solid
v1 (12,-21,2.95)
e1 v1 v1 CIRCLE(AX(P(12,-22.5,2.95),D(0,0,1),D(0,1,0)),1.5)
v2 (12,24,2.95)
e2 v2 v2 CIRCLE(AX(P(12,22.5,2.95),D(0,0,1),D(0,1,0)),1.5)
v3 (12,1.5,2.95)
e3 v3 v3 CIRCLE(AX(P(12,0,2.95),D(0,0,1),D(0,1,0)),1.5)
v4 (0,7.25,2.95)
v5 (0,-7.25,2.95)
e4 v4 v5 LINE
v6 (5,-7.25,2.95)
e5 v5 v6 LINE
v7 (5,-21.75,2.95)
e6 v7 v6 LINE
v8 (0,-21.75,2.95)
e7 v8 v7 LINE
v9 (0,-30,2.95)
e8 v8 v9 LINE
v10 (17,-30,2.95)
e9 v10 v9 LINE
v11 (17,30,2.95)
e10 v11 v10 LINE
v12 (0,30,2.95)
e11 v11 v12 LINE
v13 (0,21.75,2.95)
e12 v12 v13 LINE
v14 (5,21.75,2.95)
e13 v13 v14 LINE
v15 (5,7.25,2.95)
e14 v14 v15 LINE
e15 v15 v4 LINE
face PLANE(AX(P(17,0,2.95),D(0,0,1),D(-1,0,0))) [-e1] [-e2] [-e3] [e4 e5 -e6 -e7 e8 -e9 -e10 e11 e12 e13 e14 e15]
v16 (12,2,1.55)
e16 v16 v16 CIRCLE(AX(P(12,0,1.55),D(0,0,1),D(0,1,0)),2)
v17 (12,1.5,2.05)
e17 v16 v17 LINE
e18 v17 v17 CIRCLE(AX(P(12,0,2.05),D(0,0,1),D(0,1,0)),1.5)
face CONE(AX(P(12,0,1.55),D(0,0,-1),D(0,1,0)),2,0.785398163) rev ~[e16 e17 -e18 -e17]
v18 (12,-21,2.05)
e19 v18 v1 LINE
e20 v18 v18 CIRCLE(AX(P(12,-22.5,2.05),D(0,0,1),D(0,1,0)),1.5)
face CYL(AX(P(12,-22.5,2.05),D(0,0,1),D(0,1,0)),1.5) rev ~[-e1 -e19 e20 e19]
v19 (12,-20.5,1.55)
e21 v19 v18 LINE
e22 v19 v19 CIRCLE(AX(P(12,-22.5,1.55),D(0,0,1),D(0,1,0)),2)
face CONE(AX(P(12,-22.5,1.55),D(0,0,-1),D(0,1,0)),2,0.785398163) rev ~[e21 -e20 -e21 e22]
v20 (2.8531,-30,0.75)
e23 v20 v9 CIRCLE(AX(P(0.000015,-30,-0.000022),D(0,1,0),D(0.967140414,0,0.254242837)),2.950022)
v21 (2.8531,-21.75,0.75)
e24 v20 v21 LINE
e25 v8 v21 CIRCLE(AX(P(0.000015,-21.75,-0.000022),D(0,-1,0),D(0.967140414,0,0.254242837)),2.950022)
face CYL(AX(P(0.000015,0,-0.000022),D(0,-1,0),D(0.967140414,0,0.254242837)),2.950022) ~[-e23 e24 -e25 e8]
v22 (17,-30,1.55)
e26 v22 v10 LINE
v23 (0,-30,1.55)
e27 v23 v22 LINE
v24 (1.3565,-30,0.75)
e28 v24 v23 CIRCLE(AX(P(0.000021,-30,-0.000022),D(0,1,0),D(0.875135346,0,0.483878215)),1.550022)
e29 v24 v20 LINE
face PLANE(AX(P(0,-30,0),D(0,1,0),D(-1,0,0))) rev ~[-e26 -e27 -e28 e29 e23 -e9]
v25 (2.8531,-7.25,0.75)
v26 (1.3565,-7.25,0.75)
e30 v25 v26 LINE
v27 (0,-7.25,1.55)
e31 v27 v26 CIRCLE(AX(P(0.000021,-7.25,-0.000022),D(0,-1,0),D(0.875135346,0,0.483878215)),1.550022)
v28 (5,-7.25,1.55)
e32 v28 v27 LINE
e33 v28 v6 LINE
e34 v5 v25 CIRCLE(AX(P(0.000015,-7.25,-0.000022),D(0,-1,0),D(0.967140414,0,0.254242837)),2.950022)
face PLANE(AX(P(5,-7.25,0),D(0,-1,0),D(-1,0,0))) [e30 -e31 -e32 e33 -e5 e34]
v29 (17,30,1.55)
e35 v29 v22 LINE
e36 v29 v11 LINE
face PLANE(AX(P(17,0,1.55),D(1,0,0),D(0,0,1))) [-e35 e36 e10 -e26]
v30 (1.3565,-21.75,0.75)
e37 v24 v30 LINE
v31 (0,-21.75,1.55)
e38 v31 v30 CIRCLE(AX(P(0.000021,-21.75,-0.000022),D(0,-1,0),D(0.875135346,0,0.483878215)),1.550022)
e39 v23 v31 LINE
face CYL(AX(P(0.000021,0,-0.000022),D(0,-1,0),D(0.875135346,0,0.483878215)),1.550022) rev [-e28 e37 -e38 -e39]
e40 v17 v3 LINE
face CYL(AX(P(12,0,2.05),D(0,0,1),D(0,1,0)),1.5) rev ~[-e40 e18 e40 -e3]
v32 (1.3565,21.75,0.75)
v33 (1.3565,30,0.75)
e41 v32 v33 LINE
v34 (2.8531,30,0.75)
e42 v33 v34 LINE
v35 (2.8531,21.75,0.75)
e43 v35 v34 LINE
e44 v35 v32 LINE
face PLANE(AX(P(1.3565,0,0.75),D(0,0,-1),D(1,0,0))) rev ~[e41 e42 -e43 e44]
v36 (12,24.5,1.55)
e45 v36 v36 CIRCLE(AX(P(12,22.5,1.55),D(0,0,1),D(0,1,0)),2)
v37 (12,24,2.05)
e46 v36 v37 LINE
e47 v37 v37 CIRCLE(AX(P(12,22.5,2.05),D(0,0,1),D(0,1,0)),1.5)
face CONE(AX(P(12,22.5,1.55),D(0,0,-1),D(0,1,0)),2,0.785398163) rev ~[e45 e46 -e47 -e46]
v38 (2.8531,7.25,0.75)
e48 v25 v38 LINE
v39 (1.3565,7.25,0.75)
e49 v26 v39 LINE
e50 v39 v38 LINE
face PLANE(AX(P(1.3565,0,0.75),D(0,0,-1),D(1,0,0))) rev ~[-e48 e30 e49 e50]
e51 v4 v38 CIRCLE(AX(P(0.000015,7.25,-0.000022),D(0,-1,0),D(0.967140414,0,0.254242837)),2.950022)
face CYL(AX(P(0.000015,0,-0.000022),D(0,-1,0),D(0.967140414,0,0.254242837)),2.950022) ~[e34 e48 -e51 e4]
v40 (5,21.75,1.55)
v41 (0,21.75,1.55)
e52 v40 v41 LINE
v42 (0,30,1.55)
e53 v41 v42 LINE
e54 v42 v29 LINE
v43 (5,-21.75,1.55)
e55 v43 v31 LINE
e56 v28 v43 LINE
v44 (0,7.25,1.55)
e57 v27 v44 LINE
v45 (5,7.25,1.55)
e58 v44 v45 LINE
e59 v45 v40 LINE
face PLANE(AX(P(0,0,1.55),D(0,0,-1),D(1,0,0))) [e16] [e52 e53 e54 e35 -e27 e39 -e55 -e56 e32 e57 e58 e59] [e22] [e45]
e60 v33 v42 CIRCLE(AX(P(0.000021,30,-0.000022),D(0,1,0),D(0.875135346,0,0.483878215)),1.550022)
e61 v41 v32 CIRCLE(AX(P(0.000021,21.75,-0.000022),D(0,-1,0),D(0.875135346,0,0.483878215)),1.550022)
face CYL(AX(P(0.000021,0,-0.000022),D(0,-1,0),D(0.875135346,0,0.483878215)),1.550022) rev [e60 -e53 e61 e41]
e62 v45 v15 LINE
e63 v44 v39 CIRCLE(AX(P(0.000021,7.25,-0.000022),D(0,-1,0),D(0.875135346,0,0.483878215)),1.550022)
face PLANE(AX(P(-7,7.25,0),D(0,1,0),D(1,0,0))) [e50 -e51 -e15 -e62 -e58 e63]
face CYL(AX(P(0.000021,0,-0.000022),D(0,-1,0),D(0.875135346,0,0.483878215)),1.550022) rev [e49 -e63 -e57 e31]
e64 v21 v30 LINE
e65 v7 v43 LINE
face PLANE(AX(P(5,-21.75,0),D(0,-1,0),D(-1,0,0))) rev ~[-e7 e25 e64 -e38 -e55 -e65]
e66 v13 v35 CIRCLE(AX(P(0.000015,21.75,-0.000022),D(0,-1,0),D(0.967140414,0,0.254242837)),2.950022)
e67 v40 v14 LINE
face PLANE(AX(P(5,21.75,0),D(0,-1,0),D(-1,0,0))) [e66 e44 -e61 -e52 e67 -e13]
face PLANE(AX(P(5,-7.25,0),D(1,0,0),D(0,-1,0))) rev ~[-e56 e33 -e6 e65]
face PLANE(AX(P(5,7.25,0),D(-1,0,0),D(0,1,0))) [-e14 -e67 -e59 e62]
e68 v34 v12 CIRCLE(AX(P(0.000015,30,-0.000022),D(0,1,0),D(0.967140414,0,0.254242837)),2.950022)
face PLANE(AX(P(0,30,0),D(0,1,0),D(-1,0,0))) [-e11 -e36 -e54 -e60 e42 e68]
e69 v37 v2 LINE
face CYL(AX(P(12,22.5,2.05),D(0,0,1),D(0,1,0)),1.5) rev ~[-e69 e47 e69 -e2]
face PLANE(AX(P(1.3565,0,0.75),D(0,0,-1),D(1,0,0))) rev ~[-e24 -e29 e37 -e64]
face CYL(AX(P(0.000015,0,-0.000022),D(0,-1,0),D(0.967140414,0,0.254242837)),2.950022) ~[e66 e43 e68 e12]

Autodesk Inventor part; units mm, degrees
ref_plane "YZ Plane" through (0, 0, 0) normal (1, 0, 0) x (0, 1, 0)
ref_plane "XZ Plane" through (0, 0, 0) normal (0, 1, 0) x (-1, 0, 0)
ref_plane "XY Plane" through (0, 0, 0) normal (0, 0, 1) x (1, 0, 0)
sketch "Skizze1" plane through (0, 0, 0) normal (0, 1, 0) x (-1, 0, 0)
  line L0 (0, 0) -> (0, 79.9753) construction
  line L1 (0, 0) -> (-80.4332, 0) construction
  line L2 (0, 0) -> (80.1339, 0) construction
  line L3 (0, 0) -> (0, -79.3949) construction
  line L4 (0, 1.55) -> (-17, 1.55)
  line L5 (-17, 1.55) -> (-17, 2.95)
  line L6 (-17, 2.95) -> (0, 2.95)
  arc A0 (-1.3565, 0.75) -> (0, 1.55) centre (0, 0) ccw
  arc A1 (-2.8531, 0.75) -> (0, 2.95) centre (0, 0) ccw
  line L7 (-1.3565, 0.75) -> (-2.8531, 0.75)
  circle A2 centre (0, 0) radius 1.5
  dimension "d0" = 1.4
  dimension "d1" = 5.9
  dimension "d2" = 0.8
  dimension "d3" = 19.95
  dimension "d21" = 0.05
  dimension "d28" = 17
extrude "Extrusion1" add sketch "Skizze1" along normal mid plane 60 contours L4 L5 L6 A1 L7 A0
sketch "Skizze3" plane through (0, 0, 0) normal (0, 0, 1) x (1, 0, 0)
  line L0 (7.5, -7.25) -> (-7, -7.25)
  line L1 (-7, -7.25) -> (-7, 7.25)
  line L2 (-7, 7.25) -> (7.5, 7.25)
  line L3 (7.5, 7.25) -> (7.5, -7.25)
  line L4 (17, 30) -> (17, -30) construction
  line L5 (-11.8, 0) -> (21.8, 0) construction
  line L6 (-7, -7.25) -> (5, -7.25)
  line L7 (5, -7.25) -> (5, -21.75)
  line L8 (5, -21.75) -> (-7, -21.75)
  line L9 (-7, -21.75) -> (-7, -7.25)
  line L10 (-7, 7.25) -> (5, 7.25)
  line L11 (5, 7.25) -> (5, 21.75)
  line L12 (5, 21.75) -> (-7, 21.75)
  line L13 (-7, 21.75) -> (-7, 7.25)
  point P0 (0, 0)
  dimension "d6" = 9.5
  dimension "d7" = 14.5
  dimension "d8" = 7.25
  dimension "d9" = 14.5
  dimension "d27" = 12
extrude "Extrusion2" cut sketch "Skizze3" along normal through all both and the other way through all contours L7 L8 L9 L0 | L2 L13 L12 L11
sketch "Skizze4" plane through (17, 30, 1.55) normal (0, 0, -1) x (-1, 0, 0)
  line L0 (17, -72) -> (17, 12) projected
  line L1 (-3.99, -30) -> (23.94, -30) construction
  line L2 (5, -7.5) -> (5, -52.5) construction
  line L3 (0, 0) -> (0, -60) construction
  point P0 (17, -30)
  point P1 (5, -30)
  dimension "d12" = 45
  dimension "d13" = 5
hole "Bohrung1" at (12, 22.5, 1.55) at (12, -22.5, 1.55) at (12, 0, 1.55) direction (0, 0, 1) diameter 3 end through all countersink diameter 4 countersink angle 90
extrude "Extrusion3" [suppressed]
chamfer "Fase1" [suppressed]
equation "\"d8\" = 0.5 * d7"
equation "\"d9\" = d7"
